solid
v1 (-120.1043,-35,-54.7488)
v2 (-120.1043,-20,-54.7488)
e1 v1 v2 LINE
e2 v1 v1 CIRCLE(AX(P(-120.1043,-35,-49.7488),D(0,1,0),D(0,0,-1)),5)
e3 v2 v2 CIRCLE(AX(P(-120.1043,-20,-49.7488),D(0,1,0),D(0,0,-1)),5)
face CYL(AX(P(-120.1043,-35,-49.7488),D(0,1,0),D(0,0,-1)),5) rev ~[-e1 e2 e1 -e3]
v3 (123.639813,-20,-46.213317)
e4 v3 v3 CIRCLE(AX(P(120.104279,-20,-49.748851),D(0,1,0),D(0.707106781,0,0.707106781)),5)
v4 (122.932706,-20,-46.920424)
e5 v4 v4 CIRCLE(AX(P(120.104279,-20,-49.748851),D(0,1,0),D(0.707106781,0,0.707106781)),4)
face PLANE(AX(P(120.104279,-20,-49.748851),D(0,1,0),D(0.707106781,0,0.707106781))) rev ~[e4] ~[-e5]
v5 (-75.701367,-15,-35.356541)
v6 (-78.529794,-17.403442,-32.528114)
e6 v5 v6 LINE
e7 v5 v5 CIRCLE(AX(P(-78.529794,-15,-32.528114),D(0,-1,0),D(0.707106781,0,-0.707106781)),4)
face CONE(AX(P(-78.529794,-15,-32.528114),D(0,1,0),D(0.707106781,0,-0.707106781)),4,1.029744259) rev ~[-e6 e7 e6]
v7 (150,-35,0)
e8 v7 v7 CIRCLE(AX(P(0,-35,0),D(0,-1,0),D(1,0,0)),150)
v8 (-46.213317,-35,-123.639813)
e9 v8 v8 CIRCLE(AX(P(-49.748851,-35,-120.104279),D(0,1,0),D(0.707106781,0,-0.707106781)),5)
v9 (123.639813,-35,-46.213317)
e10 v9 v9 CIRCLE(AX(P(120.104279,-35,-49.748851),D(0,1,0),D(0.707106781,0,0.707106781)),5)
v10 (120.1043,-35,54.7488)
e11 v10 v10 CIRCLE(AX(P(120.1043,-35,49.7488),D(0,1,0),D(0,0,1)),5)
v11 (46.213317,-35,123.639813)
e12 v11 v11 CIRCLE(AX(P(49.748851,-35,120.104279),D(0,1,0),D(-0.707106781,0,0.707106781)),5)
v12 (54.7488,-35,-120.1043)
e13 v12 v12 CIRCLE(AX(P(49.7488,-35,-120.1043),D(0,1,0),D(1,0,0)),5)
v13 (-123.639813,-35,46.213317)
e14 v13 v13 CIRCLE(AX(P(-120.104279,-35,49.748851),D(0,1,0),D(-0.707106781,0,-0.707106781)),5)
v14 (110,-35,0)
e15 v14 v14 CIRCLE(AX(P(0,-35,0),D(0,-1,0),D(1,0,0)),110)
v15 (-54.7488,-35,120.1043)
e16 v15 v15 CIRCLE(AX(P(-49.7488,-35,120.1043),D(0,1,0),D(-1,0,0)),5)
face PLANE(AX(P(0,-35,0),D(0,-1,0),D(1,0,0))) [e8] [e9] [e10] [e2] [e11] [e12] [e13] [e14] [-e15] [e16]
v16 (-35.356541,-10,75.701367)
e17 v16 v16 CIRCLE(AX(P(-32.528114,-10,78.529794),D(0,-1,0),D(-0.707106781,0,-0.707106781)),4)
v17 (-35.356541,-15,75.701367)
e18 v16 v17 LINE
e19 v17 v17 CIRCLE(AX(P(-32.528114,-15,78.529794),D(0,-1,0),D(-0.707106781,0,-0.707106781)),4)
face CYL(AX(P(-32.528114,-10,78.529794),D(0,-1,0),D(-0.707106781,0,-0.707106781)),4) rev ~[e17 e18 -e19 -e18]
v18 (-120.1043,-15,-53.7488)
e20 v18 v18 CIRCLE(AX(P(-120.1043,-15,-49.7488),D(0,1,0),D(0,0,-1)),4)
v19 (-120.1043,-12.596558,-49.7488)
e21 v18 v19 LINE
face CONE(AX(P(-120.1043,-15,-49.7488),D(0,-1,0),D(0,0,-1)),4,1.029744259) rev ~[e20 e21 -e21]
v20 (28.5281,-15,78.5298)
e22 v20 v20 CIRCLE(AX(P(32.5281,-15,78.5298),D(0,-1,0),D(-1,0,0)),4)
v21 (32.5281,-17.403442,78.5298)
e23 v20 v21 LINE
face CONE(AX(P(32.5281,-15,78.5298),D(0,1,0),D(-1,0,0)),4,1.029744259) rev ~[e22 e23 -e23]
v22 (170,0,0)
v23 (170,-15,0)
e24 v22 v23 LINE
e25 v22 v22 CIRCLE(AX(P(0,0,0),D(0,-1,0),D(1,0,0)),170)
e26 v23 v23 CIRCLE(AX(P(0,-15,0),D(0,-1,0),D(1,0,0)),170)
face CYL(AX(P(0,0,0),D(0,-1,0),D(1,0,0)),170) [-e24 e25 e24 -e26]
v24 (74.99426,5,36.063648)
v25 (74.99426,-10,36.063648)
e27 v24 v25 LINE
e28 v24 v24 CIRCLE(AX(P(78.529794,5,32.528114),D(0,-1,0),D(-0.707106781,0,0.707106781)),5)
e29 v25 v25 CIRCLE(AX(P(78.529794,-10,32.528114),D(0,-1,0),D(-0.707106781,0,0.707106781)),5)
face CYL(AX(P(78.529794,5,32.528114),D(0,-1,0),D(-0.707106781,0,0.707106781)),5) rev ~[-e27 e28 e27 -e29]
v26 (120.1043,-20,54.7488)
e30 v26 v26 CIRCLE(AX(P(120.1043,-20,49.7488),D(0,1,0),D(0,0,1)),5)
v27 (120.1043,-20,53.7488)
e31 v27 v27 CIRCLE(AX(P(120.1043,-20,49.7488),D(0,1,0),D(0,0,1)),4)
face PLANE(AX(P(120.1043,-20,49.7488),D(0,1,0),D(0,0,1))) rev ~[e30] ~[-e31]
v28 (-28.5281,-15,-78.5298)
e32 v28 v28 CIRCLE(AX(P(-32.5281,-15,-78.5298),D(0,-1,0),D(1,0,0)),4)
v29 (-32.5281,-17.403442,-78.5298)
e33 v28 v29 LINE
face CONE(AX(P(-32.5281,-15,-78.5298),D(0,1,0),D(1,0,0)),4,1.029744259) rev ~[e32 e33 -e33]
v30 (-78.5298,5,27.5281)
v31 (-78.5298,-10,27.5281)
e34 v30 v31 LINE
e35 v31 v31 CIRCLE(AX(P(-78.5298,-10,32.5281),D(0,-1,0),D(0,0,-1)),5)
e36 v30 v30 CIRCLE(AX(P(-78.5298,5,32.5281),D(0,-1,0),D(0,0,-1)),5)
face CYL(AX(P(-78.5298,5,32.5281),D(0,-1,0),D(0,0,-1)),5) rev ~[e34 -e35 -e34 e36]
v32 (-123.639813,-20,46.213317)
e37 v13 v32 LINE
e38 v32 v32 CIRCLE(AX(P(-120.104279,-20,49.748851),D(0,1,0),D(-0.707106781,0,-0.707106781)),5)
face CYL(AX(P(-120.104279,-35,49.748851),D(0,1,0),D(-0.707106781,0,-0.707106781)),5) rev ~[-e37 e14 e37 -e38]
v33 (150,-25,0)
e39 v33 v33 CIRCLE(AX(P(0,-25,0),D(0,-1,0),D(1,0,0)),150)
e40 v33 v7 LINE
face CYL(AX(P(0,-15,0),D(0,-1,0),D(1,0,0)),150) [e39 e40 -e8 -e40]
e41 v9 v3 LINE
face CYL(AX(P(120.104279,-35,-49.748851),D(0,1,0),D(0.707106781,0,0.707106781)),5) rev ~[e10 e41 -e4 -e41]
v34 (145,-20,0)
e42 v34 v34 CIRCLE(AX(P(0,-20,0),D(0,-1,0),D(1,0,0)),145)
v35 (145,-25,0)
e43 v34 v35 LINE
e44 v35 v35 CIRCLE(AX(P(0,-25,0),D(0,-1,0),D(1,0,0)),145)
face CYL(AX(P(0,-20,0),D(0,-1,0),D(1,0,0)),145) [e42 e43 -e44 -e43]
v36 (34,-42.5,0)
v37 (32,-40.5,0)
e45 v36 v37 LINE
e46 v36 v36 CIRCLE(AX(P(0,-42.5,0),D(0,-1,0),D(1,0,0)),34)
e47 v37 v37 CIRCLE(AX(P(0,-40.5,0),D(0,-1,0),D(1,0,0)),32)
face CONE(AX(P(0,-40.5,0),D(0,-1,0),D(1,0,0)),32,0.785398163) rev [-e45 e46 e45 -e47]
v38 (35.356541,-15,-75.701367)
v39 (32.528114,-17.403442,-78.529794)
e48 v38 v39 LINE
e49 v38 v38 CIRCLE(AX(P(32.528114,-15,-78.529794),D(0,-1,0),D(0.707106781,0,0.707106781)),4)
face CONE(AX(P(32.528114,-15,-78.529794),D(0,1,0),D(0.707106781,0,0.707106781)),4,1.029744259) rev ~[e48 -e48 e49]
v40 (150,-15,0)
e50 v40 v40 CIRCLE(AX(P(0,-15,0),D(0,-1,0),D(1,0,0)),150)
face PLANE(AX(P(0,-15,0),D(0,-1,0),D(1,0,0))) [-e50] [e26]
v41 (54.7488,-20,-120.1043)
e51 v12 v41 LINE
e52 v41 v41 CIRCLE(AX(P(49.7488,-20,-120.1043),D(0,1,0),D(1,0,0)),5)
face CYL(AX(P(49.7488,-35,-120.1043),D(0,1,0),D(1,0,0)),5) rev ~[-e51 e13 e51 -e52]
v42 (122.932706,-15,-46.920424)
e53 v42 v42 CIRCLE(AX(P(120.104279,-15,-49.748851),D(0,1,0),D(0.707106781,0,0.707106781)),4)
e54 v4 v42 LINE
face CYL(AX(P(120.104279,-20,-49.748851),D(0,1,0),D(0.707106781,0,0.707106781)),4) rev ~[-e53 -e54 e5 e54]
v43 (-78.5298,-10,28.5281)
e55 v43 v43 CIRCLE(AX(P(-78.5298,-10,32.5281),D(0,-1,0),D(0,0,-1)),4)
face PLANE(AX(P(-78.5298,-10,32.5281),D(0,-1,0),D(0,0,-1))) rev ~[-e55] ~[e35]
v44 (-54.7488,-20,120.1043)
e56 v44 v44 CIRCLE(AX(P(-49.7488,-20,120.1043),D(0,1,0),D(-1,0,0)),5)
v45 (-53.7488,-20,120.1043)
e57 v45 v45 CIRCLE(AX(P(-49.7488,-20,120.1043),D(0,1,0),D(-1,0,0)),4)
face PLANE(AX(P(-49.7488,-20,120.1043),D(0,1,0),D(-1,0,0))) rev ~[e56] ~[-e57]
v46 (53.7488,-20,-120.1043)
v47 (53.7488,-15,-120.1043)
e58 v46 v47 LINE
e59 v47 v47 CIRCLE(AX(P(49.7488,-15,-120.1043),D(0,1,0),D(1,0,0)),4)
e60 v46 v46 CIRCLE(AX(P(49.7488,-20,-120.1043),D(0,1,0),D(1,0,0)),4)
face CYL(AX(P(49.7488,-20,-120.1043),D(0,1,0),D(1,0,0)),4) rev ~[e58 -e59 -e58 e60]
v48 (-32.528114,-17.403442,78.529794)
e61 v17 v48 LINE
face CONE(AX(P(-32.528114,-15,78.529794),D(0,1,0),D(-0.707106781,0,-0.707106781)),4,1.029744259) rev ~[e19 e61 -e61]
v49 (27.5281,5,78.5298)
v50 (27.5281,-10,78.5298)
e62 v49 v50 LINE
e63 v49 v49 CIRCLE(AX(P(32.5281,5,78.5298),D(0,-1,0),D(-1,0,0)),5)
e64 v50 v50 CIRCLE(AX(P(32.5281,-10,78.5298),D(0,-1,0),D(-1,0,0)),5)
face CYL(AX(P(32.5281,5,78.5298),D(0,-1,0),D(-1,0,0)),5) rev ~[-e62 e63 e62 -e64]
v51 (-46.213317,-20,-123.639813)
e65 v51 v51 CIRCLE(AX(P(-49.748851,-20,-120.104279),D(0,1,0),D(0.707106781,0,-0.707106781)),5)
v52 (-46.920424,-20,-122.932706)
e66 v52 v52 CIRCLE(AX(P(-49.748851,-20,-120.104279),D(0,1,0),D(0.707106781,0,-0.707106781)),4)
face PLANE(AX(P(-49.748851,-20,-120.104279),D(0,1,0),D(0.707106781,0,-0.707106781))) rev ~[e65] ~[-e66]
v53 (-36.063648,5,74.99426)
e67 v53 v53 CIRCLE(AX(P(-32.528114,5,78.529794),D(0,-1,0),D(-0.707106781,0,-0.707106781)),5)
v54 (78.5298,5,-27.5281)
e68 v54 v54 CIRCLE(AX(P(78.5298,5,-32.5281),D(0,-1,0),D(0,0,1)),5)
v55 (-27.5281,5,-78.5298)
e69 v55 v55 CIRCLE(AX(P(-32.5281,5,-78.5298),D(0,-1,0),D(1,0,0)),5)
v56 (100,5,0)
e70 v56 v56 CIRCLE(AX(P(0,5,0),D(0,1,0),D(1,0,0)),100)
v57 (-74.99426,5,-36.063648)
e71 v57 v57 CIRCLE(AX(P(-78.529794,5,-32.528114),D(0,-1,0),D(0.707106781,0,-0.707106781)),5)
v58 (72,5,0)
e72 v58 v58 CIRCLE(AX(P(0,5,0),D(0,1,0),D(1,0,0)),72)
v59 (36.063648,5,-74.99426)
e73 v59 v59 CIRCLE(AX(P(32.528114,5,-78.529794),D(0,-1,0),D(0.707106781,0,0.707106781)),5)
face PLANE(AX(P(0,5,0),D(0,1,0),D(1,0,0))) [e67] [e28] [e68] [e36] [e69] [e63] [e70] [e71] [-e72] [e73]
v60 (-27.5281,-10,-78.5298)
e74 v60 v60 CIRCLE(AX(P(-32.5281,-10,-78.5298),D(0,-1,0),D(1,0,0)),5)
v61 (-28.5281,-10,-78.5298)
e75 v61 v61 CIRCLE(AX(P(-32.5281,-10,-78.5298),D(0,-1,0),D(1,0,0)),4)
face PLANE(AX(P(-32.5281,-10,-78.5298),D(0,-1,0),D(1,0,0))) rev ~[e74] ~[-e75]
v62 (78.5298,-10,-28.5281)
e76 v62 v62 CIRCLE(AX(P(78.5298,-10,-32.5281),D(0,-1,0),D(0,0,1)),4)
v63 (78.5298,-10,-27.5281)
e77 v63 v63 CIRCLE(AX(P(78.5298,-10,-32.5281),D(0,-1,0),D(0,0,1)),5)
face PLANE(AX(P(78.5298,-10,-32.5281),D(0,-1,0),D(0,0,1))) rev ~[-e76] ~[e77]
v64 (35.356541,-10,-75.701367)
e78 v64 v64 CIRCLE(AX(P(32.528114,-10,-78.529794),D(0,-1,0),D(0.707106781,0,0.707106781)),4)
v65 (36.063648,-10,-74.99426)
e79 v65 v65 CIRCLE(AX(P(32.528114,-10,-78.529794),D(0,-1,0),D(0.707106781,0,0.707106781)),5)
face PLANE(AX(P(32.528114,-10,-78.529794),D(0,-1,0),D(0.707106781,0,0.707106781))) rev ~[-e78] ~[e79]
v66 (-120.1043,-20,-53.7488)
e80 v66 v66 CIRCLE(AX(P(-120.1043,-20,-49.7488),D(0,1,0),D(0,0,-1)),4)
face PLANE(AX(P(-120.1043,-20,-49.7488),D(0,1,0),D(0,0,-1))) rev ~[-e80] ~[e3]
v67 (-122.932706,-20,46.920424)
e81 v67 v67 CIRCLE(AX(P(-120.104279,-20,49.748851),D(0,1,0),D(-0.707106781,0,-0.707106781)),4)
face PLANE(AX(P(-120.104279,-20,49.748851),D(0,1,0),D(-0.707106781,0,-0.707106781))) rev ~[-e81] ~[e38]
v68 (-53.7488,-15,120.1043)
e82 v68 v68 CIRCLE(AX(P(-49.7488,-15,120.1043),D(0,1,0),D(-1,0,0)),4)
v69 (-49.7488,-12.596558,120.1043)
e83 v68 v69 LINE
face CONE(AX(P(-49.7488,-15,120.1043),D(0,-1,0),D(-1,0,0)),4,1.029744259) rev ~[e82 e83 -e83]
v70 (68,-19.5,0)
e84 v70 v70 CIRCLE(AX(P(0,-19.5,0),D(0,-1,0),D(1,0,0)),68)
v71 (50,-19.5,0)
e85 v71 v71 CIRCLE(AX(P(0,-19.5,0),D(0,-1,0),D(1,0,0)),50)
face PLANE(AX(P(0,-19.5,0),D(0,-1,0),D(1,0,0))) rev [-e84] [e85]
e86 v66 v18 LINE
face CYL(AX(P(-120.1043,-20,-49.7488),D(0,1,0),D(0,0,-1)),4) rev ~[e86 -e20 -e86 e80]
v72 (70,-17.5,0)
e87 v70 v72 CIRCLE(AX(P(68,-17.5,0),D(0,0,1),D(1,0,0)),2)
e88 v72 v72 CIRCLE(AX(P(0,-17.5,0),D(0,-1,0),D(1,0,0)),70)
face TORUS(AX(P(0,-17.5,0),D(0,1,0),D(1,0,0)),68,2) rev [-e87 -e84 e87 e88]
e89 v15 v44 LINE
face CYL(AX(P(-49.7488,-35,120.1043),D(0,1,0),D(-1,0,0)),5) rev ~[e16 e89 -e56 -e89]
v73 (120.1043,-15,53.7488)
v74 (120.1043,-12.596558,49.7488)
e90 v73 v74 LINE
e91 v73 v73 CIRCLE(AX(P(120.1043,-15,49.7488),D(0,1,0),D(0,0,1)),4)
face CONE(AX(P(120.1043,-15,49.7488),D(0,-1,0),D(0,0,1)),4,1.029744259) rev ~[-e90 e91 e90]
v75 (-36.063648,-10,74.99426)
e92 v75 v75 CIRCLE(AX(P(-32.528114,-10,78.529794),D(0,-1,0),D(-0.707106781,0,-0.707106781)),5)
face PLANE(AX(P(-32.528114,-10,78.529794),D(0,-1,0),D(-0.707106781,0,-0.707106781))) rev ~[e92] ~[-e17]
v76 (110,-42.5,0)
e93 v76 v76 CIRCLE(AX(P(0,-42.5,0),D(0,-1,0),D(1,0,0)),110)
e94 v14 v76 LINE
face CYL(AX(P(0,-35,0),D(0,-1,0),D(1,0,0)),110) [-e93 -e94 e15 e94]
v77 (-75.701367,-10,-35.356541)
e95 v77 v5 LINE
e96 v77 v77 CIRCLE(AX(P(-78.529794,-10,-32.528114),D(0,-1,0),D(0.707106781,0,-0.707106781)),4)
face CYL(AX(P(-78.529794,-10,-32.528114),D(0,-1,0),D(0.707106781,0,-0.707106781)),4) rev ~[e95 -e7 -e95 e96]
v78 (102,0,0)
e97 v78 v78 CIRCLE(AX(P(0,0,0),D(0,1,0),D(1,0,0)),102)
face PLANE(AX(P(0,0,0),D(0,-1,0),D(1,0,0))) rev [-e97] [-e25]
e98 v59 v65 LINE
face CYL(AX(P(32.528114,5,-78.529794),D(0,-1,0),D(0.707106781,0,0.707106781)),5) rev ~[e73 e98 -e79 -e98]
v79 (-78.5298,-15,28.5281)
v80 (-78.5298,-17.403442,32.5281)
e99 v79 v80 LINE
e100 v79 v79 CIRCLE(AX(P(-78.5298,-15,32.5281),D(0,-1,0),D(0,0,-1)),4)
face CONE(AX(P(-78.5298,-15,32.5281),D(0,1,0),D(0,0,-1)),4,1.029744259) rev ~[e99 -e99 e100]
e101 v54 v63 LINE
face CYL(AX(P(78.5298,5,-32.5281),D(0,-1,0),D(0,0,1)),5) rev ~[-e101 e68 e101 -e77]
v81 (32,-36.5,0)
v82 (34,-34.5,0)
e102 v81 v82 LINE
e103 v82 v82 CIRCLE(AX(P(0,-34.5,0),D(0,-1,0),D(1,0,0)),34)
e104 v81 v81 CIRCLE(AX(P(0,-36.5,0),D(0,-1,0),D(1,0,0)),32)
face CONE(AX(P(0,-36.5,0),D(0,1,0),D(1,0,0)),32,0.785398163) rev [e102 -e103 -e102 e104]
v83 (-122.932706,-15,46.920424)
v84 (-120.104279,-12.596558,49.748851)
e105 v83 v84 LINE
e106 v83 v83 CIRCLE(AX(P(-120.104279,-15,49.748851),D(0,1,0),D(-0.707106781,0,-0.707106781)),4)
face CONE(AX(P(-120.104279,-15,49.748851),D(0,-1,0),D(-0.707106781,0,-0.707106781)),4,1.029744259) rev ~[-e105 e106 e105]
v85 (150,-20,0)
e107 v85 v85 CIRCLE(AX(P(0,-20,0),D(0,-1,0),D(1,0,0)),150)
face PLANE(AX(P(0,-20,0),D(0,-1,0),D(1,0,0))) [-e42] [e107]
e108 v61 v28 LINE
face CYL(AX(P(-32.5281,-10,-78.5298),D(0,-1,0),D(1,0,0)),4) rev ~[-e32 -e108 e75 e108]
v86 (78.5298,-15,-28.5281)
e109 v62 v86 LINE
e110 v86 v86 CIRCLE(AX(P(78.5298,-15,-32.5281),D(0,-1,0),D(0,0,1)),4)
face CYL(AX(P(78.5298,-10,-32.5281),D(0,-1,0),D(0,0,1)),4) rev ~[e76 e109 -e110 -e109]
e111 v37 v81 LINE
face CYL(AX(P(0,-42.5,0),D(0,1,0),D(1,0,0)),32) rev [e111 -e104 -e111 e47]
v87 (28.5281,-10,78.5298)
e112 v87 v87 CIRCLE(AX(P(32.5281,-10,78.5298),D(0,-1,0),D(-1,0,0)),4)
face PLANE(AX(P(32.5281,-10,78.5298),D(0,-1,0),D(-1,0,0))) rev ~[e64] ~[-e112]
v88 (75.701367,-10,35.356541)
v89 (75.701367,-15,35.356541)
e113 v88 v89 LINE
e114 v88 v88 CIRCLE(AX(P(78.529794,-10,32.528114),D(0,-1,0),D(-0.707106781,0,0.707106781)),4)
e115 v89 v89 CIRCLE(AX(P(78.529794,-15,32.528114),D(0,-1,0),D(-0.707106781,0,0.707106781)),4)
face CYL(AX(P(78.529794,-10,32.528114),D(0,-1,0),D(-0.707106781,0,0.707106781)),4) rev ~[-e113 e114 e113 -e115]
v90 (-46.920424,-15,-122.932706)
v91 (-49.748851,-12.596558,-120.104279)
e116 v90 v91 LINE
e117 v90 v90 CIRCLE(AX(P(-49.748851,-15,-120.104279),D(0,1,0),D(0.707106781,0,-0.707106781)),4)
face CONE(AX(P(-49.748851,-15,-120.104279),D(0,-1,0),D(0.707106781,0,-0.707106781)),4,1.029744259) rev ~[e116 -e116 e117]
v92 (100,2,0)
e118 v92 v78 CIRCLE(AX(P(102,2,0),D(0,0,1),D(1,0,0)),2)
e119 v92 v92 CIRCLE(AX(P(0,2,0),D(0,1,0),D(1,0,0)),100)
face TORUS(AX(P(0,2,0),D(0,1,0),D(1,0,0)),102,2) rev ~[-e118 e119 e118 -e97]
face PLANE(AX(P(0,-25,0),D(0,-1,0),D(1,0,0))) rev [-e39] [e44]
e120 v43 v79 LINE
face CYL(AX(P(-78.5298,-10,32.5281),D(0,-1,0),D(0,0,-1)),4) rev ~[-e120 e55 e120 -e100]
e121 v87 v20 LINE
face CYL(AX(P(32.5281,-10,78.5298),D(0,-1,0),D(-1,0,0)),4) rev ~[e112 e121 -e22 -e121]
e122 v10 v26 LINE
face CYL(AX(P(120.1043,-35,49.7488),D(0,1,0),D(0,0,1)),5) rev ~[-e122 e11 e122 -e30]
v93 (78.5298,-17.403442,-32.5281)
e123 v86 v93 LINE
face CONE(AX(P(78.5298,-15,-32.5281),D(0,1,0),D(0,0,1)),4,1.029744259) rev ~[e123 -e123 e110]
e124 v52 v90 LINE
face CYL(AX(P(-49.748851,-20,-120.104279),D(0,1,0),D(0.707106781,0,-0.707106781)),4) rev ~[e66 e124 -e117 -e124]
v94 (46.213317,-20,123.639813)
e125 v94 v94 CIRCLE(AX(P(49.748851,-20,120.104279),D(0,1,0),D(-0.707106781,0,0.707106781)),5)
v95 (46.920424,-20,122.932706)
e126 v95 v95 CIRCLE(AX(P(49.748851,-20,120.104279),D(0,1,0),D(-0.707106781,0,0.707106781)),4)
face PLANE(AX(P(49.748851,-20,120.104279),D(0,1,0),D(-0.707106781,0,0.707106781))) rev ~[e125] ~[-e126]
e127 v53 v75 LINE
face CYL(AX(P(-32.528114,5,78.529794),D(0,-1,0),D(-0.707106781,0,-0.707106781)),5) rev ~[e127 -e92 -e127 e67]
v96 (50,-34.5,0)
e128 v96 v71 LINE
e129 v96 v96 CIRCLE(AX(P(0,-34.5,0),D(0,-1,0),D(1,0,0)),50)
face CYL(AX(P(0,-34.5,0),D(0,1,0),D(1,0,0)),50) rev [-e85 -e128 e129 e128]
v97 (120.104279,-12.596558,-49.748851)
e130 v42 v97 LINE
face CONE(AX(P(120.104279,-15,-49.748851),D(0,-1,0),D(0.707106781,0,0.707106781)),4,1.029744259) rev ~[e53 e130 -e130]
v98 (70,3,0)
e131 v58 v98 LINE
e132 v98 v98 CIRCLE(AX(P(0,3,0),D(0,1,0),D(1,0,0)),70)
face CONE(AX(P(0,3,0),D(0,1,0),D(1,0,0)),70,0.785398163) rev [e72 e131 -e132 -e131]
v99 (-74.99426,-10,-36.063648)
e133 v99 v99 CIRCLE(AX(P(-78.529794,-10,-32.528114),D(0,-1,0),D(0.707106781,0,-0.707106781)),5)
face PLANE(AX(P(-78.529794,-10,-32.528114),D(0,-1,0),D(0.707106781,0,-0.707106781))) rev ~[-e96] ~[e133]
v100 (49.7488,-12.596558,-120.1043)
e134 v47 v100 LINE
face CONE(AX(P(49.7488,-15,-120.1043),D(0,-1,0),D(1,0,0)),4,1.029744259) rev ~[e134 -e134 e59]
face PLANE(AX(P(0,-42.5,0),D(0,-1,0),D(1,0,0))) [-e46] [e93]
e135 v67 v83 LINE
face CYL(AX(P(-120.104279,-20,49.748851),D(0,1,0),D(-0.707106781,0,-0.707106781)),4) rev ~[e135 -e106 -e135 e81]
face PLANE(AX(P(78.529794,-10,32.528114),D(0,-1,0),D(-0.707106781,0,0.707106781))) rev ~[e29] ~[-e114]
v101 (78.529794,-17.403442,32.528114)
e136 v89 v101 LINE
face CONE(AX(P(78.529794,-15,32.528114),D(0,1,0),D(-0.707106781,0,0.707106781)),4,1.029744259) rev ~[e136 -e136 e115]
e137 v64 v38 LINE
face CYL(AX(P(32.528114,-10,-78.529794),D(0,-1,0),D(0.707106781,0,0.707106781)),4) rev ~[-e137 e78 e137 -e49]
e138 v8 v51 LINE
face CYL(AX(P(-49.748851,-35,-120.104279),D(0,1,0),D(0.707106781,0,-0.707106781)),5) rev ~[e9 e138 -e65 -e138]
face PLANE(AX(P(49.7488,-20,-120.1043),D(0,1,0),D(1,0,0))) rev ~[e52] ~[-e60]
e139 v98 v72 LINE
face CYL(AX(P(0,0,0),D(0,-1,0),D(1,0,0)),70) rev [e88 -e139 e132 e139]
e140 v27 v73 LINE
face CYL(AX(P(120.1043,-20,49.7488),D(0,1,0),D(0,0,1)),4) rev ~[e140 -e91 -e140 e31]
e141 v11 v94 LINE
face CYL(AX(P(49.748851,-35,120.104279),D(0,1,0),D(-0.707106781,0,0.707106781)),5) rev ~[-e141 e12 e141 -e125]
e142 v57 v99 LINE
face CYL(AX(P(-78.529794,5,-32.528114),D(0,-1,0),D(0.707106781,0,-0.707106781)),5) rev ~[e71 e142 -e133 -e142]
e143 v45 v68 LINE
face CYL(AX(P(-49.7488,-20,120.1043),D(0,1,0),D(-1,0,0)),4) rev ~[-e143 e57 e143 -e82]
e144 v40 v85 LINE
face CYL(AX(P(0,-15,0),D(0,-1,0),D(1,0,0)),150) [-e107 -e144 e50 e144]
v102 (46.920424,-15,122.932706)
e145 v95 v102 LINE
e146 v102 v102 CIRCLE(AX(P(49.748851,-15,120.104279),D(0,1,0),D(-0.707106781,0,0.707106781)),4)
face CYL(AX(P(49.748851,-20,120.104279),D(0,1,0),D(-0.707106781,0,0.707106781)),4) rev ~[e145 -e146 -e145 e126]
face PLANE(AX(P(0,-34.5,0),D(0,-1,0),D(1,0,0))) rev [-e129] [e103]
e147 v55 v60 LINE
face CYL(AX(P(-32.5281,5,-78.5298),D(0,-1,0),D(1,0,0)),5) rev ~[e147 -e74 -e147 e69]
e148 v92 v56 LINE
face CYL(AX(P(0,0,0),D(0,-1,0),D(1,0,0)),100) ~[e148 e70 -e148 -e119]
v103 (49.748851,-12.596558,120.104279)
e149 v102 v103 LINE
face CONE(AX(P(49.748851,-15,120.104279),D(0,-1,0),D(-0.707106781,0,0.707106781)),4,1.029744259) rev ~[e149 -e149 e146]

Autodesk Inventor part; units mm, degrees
ref_plane "YZ Plane" through (0, 0, 0) normal (1, 0, 0) x (0, 1, 0)
ref_plane "XZ Plane" through (0, 0, 0) normal (0, 1, 0) x (-1, 0, 0)
ref_plane "XY Plane" through (0, 0, 0) normal (0, 0, 1) x (1, 0, 0)
sketch "Эскиз1" plane through (0, 0, 0) normal (0, 0, 1) x (1, 0, 0)
  line L0 (0, 0) -> (170, 0)
  line L1 (170, 0) -> (170, -15)
  line L2 (170, -15) -> (150, -15)
  line L3 (150, -15) -> (150, -35)
  line L4 (150, -35) -> (110, -35)
  line L5 (110, -35) -> (110, -42.5)
  line L6 (0, 0) -> (0, -18.1999)
  line L7 (150, -20) -> (145, -20)
  line L8 (145, -20) -> (145, -25)
  line L9 (145, -25) -> (150, -25)
  line L10 (110, -42.5) -> (32, -42.5)
  line L11 (32, -42.5) -> (32, -34.5)
  line L12 (32, -34.5) -> (50, -34.5)
  line L13 (50, -34.5) -> (50, -19.5)
  line L14 (50, -19.5) -> (70, -19.5)
  line L15 (70, -19.5) -> (70, 0)
  dimension "d0" = 170
  dimension "d1" = 15
  dimension "d2" = 20
  dimension "d3" = 20
  dimension "d4" = 40
  dimension "d5" = 7.5
  dimension "d11" = 5
  dimension "d12" = 5
  dimension "d13" = 5
  dimension "d25" = 78
  dimension "d26" = 8
  dimension "d27" = 18
  dimension "d28" = 15
  dimension "d32" = 20
revolve "Вращение1" add sketch "Эскиз1" angle 360 about axis through (0, 0, 0) along (0, -1, 0) contours L0 L1 L2 L3 L7 L8 L9 L4 L5 L10 L11 L12 L13 L14 L15
chamfer "Фаска1" distance 2 angle 45 2 edges at (-32, -42.5, 0) (-32, -34.5, 0)
fillet "Сопряжение1" radius 2 1 edges at (-70, -19.5, 0)
sketch "Эскиз2" plane through (0, 0, 0) normal (0, 1, 0) x (1, 0, 0)
  circle A0 centre (0, 0) radius 100
  circle A1 centre (0, 0) radius 70
  dimension "d31" = 200
extrude "Выдавливание1" add sketch "Эскиз2" along normal blind 5
fillet "Сопряжение2" radius 2 1 edges at (-100, 0, 0)
sketch "Эскиз3" plane through (0, 5, 0) normal (0, 1, 0) x (1, 0, 0)
  circle A0 centre (0, 0) radius 70
  line L0 (0, 0) -> (78.5298, 32.5281)
  line L1 (-238, 0) -> (238, 0)
  dimension "d36" = 85
  dimension "d37" = 22.5
hole "Отверстие1" at (78.5298, 5, -32.5281) direction (0, -1, 0) diameter 8 depth 20 tip angle 118 counterbore diameter 10 counterbore depth 15
pattern_circular "Круговой массив1" count 8 over 360 about axis through (0, -9.75, 0) along (0, -1, 0) of "Отверстие1"
chamfer "Фаска3" distance 2 angle 45 1 edges at (-70, 5, 0)
thread "Резьба1"
thread "Резьба2"
thread "Резьба3"
thread "Резьба4"
thread "Резьба5"
thread "Резьба6"
thread "Резьба7"
thread "Резьба8"
sketch "Эскиз4" plane through (0, -35, 0) normal (0, -1, 0) x (1, 0, 0)
  line L0 (0, 0) -> (-120.1043, -49.7488)
  line L1 (-238, 0) -> (238, 0)
  dimension "d67" = 130
  dimension "d68" = 22.5
hole "Отверстие2" at (-120.1043, -35, -49.7488) direction (0, 1, 0) diameter 8 depth 20 tip angle 118 counterbore diameter 10 counterbore depth 15
pattern_circular "Круговой массив2" count 8 over 360 about axis through (0, -41.5, 0) along (0, 1, 0) of "Отверстие2"
thread "Резьба9"
thread "Резьба10"
thread "Резьба11"
thread "Резьба12"
thread "Резьба13"
thread "Резьба14"
thread "Резьба15"
thread "Резьба16"
properties part number "Крышка перегородки21_CPY" material "Чугун, серый"
